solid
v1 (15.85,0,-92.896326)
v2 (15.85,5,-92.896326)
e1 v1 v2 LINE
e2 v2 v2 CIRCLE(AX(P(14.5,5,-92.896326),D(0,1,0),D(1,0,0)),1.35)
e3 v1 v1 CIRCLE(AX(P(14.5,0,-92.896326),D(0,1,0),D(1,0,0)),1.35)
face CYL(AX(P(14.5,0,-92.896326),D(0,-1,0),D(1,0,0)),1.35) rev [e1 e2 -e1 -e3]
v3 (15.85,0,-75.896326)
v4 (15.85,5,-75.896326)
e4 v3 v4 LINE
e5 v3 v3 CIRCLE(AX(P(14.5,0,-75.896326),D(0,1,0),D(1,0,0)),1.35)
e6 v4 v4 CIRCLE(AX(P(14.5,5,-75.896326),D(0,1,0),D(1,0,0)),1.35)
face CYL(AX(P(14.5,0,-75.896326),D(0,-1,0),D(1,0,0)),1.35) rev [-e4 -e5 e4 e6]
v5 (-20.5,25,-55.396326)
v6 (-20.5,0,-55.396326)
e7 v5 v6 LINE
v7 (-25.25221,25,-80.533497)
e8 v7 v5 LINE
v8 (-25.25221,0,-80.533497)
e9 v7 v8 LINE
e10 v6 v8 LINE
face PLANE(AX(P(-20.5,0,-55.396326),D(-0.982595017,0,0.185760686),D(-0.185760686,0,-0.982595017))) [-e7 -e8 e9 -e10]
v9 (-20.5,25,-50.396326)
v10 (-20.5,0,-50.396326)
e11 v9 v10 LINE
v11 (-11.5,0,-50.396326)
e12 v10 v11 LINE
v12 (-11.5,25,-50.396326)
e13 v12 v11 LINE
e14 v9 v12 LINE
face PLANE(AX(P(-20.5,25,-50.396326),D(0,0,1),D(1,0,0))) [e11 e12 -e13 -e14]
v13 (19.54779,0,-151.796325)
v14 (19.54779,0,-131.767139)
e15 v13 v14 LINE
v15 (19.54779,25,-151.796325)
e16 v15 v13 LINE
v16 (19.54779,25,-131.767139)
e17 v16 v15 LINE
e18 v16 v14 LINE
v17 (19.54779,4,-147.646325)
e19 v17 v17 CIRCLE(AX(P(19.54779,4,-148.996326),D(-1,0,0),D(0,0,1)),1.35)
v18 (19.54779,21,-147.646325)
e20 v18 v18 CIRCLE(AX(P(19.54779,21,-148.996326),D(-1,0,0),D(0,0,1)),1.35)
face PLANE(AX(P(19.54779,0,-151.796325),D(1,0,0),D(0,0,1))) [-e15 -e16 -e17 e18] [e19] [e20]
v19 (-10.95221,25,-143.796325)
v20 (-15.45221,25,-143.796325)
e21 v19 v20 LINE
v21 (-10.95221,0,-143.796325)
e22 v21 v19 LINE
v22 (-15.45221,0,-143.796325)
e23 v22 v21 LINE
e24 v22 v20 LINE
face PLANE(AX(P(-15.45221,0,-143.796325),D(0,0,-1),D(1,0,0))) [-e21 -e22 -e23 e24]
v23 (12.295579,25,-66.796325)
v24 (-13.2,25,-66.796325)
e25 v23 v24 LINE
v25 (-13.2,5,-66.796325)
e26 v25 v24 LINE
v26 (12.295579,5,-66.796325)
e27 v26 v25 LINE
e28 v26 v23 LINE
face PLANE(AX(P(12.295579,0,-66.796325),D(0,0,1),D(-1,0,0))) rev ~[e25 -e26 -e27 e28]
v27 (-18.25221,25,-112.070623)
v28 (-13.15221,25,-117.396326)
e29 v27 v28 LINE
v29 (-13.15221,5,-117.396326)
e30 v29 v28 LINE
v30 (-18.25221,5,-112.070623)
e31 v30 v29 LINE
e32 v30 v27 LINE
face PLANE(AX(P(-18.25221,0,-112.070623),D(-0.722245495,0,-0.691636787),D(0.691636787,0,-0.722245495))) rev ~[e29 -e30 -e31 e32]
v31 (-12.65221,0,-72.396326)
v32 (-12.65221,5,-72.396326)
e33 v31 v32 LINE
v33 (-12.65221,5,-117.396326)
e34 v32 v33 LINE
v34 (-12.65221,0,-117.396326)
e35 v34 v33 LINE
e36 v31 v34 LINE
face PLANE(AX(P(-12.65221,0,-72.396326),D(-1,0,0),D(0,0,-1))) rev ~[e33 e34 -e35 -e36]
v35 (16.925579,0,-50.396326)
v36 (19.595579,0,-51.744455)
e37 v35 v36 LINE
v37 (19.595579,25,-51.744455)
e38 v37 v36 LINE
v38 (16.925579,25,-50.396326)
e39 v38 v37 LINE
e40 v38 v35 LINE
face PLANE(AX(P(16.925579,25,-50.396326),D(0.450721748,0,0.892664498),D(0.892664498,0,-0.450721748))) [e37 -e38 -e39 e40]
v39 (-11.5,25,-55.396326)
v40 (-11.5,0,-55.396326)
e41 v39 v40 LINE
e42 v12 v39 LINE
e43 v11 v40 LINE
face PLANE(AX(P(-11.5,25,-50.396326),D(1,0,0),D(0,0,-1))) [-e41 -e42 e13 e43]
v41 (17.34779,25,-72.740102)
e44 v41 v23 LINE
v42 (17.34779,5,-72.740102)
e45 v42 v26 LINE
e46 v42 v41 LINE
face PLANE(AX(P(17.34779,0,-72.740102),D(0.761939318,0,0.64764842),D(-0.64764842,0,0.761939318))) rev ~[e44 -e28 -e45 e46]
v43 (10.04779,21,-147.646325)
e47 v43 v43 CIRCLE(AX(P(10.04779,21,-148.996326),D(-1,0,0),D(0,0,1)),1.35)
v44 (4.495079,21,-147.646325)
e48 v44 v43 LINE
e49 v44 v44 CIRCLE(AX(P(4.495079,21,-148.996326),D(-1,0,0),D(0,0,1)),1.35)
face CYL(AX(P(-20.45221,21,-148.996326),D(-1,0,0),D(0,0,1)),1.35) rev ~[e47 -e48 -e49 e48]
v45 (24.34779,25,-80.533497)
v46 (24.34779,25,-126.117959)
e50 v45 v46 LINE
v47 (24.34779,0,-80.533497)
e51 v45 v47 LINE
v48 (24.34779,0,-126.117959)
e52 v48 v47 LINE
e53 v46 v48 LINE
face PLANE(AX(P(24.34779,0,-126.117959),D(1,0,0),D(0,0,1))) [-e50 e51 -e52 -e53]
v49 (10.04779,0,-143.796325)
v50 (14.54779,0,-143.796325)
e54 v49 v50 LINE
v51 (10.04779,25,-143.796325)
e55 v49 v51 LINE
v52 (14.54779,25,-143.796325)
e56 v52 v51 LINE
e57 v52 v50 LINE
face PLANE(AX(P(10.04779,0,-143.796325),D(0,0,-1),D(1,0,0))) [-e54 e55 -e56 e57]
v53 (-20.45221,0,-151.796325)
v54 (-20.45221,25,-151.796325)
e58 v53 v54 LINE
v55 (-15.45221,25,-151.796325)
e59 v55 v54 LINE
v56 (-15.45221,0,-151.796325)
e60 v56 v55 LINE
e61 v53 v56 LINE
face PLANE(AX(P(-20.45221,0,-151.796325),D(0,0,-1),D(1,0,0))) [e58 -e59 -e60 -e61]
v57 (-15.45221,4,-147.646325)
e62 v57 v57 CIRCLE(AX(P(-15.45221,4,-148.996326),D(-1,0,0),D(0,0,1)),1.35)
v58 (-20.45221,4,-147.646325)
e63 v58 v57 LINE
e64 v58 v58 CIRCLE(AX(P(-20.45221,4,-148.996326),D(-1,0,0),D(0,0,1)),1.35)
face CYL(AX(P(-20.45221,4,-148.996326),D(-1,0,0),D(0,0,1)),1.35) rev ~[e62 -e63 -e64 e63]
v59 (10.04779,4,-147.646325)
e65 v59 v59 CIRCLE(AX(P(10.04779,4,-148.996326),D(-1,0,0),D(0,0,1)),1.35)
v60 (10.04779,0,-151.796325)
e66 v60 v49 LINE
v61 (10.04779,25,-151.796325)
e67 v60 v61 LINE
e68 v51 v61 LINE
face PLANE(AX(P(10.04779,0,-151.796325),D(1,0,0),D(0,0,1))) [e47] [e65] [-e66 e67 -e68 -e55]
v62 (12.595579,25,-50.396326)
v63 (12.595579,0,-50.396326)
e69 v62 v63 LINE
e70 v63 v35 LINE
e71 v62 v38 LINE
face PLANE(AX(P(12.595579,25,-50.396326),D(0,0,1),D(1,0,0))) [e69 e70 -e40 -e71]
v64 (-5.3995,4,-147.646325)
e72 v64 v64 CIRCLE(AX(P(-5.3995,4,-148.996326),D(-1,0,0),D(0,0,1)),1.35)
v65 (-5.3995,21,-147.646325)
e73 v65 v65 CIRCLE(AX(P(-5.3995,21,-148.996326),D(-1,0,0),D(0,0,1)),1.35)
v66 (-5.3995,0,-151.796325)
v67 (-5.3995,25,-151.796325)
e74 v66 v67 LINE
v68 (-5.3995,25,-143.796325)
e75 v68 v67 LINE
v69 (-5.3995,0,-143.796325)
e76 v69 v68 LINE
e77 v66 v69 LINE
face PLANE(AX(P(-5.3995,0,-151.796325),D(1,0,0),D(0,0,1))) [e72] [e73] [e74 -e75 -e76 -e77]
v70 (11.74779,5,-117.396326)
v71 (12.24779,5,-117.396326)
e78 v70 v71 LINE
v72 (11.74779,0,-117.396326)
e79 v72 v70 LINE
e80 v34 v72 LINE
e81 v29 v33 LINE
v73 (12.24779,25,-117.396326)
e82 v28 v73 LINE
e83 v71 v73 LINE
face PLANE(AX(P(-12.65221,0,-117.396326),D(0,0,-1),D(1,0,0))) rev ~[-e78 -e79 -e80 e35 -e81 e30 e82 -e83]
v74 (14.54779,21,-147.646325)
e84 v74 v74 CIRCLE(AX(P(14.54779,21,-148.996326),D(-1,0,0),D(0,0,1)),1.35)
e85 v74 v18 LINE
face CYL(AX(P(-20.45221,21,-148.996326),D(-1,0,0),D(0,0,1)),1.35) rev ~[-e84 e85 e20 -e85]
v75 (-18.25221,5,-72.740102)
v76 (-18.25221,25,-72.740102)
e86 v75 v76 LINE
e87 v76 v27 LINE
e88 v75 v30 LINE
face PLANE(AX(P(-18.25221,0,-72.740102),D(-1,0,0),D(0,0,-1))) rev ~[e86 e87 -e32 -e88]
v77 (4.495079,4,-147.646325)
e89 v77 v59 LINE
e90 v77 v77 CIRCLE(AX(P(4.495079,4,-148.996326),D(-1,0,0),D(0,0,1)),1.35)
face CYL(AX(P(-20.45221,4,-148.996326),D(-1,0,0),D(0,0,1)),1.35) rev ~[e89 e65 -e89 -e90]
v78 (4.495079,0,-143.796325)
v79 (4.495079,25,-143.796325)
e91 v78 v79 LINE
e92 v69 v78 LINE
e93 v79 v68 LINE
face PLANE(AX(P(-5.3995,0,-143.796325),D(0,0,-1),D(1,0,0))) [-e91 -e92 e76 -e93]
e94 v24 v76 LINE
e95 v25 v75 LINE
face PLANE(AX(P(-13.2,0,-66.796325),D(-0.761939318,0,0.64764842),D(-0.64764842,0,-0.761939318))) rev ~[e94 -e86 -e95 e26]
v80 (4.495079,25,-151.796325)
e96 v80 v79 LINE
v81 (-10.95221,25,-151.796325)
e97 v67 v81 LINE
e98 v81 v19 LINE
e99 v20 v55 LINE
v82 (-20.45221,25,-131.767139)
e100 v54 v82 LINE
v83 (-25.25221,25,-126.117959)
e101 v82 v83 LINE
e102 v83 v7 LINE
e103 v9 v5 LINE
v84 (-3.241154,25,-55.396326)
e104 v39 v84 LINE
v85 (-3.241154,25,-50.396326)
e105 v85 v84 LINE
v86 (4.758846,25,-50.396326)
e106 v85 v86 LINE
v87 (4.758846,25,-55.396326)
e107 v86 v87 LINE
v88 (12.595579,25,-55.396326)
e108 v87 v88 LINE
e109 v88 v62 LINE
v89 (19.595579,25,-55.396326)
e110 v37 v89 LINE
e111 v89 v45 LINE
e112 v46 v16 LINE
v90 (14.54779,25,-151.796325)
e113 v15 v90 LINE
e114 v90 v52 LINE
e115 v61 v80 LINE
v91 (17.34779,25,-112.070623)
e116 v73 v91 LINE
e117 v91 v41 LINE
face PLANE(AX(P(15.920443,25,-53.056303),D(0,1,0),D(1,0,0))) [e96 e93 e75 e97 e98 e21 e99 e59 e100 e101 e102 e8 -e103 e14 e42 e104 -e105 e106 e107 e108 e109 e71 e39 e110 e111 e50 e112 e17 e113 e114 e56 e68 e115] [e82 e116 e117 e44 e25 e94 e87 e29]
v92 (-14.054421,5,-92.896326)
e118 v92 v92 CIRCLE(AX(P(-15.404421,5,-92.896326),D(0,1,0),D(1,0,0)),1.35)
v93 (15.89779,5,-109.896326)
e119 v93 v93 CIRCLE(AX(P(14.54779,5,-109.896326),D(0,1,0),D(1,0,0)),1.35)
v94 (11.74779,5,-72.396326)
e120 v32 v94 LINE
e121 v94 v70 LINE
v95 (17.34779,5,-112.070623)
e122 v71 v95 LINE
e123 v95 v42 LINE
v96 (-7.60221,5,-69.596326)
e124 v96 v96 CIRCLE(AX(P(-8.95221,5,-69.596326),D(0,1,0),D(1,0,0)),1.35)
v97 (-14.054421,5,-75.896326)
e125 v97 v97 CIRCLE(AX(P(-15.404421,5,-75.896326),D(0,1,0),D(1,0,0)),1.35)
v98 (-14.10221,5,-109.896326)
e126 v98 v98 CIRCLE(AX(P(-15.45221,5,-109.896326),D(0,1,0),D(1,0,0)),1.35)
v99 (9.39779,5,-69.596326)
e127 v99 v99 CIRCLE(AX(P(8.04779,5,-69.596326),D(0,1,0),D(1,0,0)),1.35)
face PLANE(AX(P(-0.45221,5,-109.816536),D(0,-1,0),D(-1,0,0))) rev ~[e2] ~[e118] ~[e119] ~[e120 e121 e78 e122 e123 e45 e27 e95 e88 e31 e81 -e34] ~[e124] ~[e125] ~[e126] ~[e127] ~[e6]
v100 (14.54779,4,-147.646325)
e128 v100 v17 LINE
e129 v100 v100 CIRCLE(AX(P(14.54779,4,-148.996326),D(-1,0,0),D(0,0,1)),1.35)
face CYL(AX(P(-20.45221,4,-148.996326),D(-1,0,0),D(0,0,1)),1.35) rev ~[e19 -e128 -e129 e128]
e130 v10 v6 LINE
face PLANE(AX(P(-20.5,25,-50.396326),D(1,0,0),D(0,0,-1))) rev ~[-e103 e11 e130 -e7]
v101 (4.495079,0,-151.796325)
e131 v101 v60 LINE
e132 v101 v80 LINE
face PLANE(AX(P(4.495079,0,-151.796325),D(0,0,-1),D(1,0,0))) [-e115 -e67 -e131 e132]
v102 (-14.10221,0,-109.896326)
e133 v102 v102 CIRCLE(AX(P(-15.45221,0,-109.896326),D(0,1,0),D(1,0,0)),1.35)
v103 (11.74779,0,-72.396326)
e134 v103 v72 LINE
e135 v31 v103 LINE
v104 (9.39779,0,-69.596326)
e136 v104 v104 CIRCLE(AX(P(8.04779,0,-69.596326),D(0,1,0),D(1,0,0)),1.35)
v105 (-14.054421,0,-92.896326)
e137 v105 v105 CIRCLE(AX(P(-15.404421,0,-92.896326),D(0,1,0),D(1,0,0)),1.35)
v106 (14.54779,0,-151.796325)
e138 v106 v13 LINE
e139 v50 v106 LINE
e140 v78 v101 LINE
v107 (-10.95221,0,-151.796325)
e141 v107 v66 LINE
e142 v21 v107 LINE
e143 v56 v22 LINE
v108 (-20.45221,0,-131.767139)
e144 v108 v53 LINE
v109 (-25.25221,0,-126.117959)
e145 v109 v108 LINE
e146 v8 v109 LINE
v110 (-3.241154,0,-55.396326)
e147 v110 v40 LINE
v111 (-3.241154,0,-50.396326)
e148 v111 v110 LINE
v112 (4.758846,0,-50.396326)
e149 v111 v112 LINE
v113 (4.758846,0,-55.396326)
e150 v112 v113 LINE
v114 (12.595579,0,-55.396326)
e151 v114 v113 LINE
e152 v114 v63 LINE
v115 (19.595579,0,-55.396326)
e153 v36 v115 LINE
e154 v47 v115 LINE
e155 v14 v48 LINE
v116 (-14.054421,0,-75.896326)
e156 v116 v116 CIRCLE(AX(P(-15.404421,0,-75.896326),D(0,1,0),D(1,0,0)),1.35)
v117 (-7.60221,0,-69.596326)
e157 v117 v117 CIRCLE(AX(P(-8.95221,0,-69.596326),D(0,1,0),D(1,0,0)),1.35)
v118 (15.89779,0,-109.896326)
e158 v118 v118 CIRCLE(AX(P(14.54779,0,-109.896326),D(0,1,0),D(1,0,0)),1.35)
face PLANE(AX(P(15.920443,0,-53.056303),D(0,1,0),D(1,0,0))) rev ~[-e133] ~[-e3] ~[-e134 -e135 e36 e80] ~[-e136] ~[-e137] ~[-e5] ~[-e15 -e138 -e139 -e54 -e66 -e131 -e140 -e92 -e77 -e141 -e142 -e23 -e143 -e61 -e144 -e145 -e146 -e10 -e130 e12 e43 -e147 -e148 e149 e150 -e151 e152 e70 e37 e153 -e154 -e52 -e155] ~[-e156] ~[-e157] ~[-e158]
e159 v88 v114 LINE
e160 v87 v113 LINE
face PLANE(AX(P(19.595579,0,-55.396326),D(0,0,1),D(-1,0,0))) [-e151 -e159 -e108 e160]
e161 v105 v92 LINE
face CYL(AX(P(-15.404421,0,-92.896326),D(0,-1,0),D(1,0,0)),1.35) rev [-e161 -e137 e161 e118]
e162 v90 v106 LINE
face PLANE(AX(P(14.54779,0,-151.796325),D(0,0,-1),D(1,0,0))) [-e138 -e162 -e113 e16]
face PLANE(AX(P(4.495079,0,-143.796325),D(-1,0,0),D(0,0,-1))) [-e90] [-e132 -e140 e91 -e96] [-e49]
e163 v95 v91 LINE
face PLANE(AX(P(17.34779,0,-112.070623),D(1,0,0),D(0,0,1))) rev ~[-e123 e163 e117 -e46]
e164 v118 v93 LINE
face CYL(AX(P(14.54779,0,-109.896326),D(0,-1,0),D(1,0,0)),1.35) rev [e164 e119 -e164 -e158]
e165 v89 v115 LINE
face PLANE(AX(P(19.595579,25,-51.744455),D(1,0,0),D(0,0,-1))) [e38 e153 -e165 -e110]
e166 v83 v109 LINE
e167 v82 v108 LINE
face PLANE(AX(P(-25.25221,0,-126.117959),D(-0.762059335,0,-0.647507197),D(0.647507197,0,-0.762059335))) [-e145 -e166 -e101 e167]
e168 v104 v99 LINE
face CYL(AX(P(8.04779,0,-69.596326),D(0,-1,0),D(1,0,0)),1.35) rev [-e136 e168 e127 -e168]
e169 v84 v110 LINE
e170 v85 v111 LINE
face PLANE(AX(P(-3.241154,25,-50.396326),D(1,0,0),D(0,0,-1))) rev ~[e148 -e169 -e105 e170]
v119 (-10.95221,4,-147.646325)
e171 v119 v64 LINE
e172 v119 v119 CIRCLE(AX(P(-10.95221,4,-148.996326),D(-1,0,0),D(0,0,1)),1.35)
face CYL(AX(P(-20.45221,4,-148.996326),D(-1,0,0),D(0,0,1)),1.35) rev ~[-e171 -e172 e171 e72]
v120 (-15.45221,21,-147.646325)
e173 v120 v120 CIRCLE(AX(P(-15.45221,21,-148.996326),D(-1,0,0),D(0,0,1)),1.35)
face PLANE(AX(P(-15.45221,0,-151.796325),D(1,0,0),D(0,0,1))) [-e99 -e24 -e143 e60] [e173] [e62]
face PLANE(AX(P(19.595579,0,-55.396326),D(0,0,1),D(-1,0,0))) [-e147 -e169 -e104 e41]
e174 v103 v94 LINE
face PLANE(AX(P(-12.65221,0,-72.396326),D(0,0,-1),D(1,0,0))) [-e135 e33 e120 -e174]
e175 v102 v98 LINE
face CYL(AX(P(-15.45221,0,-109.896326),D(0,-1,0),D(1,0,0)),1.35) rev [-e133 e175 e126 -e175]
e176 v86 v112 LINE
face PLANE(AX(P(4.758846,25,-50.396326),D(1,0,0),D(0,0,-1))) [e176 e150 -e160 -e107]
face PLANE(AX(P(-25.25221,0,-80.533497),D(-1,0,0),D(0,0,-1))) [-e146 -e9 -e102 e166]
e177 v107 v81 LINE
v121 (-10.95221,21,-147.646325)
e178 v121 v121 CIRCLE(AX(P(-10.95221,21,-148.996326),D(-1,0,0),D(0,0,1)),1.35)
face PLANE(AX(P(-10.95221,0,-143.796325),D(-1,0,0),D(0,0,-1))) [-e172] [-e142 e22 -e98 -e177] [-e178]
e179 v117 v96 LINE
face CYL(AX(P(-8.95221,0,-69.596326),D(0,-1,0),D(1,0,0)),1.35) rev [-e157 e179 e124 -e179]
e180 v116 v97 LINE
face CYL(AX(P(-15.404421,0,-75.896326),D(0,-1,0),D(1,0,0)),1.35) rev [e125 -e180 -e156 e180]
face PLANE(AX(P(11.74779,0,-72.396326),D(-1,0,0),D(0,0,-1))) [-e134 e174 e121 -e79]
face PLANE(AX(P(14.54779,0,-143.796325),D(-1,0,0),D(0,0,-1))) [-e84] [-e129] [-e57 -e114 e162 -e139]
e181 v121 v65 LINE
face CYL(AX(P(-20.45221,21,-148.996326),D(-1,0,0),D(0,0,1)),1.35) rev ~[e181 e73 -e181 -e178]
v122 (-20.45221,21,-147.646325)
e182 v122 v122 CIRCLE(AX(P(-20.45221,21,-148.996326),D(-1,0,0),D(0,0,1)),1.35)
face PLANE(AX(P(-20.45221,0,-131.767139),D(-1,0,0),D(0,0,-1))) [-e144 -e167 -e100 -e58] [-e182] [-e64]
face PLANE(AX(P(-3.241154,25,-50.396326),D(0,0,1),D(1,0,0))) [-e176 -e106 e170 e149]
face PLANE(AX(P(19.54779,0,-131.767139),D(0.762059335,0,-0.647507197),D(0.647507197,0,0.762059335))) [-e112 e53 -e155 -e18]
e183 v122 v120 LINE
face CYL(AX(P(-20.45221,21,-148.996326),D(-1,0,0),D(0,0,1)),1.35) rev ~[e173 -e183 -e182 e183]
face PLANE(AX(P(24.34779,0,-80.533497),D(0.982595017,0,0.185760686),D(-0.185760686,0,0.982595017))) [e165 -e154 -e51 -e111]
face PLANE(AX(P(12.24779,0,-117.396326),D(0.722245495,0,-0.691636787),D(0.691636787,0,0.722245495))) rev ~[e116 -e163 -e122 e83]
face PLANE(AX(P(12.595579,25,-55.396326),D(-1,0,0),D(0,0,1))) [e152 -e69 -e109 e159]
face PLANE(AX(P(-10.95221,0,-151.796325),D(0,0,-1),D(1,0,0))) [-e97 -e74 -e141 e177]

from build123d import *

# Parameters (mm, degrees)
SZKIC1_W                    = 24.4
SZKIC1_H                    = 45
SZKIC1_R                    = 1.35
DODANIE_WYCI_GNI_CIE1_DEPTH = 5
DODANIE_WYCI_GNI_CIE2_DEPTH = 25
SZKIC8_W                    = 8
SZKIC8_H                    = 5
SZKIC8_W_2                  = 9
DODANIE_WYCI_GNI_CIE3_DEPTH = 25
SZKIC7_R                    = 1.35
WYTNIJ_WYCI_GNI_CIE8_DEPTH  = 161.231596245


with BuildPart() as part:
    # Szkic1 → Dodanie-wyci_gni_cie1 (new body)
    with BuildSketch(Plane(origin=(0, 0, 0), x_dir=(1, 0, 0), z_dir=(0, 1, 0))):
        Polygon((14.547789553, 143.7963255), (10.047789553, 143.7963255), (10.047789553, 151.7963255), (4.495079248, 151.7963255), (4.495079248, 143.7963255), (-5.399500142, 143.7963255), (-5.399500142, 151.7963255), (-10.952210447, 151.7963255), (-10.952210447, 143.7963255), (-15.452210447, 143.7963255), (-15.452210447, 151.7963255), (-20.452210447, 151.7963255), (-20.452210447, 131.76713902), (-25.252210447, 126.117958863), (-25.252210447, 80.533497461), (-20.5, 55.3963255), (19.595579106, 55.3963255), (24.347789553, 80.533497461), (24.347789553, 126.117958863), (19.547789553, 131.76713902), (19.547789553, 151.7963255), (14.547789553, 151.7963255), align=None)
        with Locations((-0.452210447, 94.8963255)):
            Rectangle(SZKIC1_W, SZKIC1_H, mode=Mode.SUBTRACT)
        with Locations((14.547789553, 109.8963255)):
            Circle(SZKIC1_R, mode=Mode.SUBTRACT)
        with Locations((-15.404420894, 75.8963255)):
            Circle(SZKIC1_R, mode=Mode.SUBTRACT)
        with Locations((-8.952210447, 69.5963255)):
            Circle(SZKIC1_R, mode=Mode.SUBTRACT)
        with Locations((-15.404420894, 92.8963255)):
            Circle(SZKIC1_R, mode=Mode.SUBTRACT)
        with Locations((8.047789553, 69.5963255)):
            Circle(SZKIC1_R, mode=Mode.SUBTRACT)
        with Locations((14.5, 75.8963255)):
            Circle(SZKIC1_R, mode=Mode.SUBTRACT)
        with Locations((14.5, 92.8963255)):
            Circle(SZKIC1_R, mode=Mode.SUBTRACT)
        with Locations((-15.452210447, 109.8963255)):
            Circle(SZKIC1_R, mode=Mode.SUBTRACT)
    extrude(amount=DODANIE_WYCI_GNI_CIE1_DEPTH)

    # Szkic1_3 → Dodanie-wyci_gni_cie2 (add)
    with BuildSketch(Plane(origin=(0, 0, 0), x_dir=(1, 0, 0), z_dir=(0, 1, 0))):
        Polygon((14.547789553, 143.7963255), (10.047789553, 143.7963255), (10.047789553, 151.7963255), (4.495079248, 151.7963255), (4.495079248, 143.7963255), (-5.399500142, 143.7963255), (-5.399500142, 151.7963255), (-10.952210447, 151.7963255), (-10.952210447, 143.7963255), (-15.452210447, 143.7963255), (-15.452210447, 151.7963255), (-20.452210447, 151.7963255), (-20.452210447, 131.76713902), (-25.252210447, 126.117958863), (-25.252210447, 80.533497461), (-20.5, 55.3963255), (19.595579106, 55.3963255), (24.347789553, 80.533497461), (24.347789553, 126.117958863), (19.547789553, 131.76713902), (19.547789553, 151.7963255), (14.547789553, 151.7963255), align=None)
        Polygon((-13.152210447, 117.3963255), (-12.652210447, 117.3963255), (11.747789553, 117.3963255), (12.247789553, 117.3963255), (17.347789553, 112.070622628), (17.347789553, 72.740102496), (12.295579106, 66.7963255), (-13.2, 66.7963255), (-18.252210447, 72.740102496), (-18.252210447, 112.070622628), align=None, mode=Mode.SUBTRACT)
    extrude(amount=DODANIE_WYCI_GNI_CIE2_DEPTH)

    # Szkic8 → Dodanie-wyci_gni_cie3 (add)
    with BuildSketch(Plane(origin=(0, 25, 0), x_dir=(1, 0, 0), z_dir=(0, 1, 0))):
        Polygon((19.595579106, 51.744454691), (19.595579106, 55.3963255), (12.595579106, 55.3963255), (12.595579106, 50.3963255), (16.925579106, 50.3963255), align=None)
        with Locations((0.758846465, 52.8963255)):
            Rectangle(SZKIC8_W, SZKIC8_H)
        with Locations((-16, 52.8963255)):
            Rectangle(SZKIC8_W_2, SZKIC8_H)
    extrude(amount=-DODANIE_WYCI_GNI_CIE3_DEPTH)

    # Szkic7 → Wytnij-wyci_gni_cie8 (cut, through all)
    with BuildSketch(Plane.ZY.offset(20.452210447)):
        with Locations((-148.9963255, 21)):
            Circle(SZKIC7_R)
        with Locations((-148.9963255, 4)):
            Circle(SZKIC7_R)
    extrude(amount=-WYTNIJ_WYCI_GNI_CIE8_DEPTH, mode=Mode.SUBTRACT)


solid = part.part
